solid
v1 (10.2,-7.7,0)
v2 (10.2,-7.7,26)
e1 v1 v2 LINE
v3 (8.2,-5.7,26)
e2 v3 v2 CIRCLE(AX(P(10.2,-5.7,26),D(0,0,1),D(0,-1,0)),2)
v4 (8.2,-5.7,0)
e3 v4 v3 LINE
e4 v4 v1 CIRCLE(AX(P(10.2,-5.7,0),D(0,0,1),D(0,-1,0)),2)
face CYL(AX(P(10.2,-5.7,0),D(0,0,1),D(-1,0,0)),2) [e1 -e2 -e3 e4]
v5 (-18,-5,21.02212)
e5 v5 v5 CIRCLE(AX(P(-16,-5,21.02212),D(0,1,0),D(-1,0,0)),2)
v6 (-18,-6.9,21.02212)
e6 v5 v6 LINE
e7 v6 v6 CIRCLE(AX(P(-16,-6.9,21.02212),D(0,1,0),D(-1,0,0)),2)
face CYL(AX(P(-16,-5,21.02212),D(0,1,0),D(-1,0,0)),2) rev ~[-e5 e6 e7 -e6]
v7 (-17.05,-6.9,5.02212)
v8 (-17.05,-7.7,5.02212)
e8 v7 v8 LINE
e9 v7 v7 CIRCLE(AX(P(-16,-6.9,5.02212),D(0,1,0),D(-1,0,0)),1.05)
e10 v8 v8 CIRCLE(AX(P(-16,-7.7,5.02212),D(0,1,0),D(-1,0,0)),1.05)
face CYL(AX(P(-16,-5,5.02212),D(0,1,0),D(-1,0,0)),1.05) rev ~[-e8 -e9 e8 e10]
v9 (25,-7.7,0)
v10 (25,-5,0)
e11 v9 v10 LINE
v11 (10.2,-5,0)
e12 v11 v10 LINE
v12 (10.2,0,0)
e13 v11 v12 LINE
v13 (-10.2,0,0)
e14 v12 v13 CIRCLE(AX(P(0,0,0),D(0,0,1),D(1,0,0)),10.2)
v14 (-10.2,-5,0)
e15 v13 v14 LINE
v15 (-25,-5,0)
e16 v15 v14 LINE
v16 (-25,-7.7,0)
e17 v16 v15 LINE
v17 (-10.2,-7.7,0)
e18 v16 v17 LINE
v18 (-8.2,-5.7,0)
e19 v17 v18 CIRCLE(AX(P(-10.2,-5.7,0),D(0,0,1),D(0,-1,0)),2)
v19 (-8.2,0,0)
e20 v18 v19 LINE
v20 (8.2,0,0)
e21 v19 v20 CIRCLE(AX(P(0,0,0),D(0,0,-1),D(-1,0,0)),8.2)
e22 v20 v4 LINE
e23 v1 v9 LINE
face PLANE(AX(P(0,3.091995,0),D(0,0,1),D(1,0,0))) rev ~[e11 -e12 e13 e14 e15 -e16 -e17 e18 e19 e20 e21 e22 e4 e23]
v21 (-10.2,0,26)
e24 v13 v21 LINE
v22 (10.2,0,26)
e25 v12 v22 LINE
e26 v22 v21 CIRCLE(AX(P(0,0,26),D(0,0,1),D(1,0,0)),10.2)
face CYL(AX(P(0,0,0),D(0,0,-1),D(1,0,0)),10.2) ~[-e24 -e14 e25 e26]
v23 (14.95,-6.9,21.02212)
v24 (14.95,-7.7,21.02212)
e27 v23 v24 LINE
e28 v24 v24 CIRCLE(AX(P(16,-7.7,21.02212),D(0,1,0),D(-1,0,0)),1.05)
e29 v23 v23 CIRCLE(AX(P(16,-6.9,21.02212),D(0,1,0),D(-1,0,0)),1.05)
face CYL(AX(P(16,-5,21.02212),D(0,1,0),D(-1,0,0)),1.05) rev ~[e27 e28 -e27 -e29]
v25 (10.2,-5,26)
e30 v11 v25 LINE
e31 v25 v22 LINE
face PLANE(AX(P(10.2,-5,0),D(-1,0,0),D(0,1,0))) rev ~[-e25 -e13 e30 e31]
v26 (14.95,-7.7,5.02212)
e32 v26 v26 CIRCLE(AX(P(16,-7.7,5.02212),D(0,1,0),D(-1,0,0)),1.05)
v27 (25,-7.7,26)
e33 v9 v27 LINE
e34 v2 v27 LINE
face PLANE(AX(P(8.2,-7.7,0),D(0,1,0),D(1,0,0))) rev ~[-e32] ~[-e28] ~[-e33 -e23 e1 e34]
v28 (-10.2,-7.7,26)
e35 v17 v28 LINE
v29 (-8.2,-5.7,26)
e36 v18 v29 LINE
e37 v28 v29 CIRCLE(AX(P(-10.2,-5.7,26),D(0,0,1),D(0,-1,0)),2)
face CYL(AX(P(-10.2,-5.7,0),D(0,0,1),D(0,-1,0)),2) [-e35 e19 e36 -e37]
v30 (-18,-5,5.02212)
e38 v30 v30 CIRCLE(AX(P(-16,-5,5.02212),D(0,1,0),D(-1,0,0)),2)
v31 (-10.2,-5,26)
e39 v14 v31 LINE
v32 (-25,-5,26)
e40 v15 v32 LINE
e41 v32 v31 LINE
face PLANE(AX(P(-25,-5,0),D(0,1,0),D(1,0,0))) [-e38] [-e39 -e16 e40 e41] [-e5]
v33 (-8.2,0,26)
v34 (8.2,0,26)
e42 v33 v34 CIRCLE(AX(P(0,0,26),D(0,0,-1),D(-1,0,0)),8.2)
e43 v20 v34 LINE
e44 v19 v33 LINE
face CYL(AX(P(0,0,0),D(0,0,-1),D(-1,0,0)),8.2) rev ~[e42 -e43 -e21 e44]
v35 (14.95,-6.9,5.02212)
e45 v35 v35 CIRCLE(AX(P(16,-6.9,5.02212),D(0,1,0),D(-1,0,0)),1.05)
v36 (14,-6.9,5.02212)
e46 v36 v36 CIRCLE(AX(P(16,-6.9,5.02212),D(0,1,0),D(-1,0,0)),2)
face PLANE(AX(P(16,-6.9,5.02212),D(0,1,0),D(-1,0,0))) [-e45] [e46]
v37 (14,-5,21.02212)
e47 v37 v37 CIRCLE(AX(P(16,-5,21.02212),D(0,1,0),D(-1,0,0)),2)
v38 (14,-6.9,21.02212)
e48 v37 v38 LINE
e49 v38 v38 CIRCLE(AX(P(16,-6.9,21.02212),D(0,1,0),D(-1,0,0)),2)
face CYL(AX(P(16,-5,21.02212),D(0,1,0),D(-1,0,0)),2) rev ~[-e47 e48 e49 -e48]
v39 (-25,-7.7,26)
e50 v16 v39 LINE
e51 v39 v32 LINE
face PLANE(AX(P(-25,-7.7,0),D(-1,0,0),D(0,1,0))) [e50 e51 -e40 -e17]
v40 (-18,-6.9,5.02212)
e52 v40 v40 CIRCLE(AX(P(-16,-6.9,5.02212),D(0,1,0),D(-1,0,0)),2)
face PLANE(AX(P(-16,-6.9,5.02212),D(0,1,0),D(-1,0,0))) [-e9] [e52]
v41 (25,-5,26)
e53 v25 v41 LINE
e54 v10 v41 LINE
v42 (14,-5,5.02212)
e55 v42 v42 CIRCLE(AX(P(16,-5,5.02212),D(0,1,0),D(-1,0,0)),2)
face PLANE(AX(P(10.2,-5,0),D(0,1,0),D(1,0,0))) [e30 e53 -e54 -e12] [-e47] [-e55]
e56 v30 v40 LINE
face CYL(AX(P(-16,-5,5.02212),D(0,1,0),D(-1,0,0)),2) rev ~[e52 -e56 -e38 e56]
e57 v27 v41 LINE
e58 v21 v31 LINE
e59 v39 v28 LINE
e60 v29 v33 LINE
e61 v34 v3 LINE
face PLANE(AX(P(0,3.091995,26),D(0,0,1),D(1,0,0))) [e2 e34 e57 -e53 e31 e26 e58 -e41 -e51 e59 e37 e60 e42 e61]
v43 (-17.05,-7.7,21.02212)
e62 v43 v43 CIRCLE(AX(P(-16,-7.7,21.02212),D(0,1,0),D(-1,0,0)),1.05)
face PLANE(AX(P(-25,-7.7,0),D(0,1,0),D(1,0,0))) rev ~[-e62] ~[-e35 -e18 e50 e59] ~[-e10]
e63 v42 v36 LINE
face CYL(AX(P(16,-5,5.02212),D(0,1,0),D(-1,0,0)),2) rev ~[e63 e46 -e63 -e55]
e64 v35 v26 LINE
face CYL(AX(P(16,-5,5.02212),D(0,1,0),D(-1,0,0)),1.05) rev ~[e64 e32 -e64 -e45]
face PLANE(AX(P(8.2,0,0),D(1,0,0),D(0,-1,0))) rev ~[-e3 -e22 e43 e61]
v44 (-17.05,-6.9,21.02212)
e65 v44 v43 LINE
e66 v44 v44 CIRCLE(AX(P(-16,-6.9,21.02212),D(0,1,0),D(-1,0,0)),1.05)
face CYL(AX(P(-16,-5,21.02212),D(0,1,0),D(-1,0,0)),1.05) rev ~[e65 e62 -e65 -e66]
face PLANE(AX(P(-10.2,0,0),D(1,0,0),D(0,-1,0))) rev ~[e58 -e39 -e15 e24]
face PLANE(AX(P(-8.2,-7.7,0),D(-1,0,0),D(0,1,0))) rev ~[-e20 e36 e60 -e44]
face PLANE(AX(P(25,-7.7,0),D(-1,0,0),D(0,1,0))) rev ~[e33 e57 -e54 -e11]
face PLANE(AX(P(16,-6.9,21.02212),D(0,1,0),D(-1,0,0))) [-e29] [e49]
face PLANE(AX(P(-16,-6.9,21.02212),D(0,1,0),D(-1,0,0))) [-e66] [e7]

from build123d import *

# Parameters (mm, degrees)
BOSS_EXTRUDE3_DEPTH = 26
SKETCH4_R           = 1.05
CUT_EXTRUDE1_DEPTH  = 40.141282554
SKETCH5_R           = 2
CUT_EXTRUDE2_DEPTH  = 1.9
FILLET2_R           = 2


with BuildPart() as part:
    # Sketch3 → Boss-Extrude3 (new body)
    with BuildSketch(Plane.XY):
        with BuildLine():
            Line((-25, -5), (-25, -7.7))
            Line((-25, -7.7), (-8.2, -7.7))
            Line((-8.2, -7.7), (-8.2, 0))
            ThreePointArc((-8.2, 0), (0, 8.2), (8.2, 0))
            Line((8.2, 0), (8.2, -7.7))
            Line((8.2, -7.7), (25, -7.7))
            Line((25, -7.7), (25, -5))
            Line((25, -5), (10.2, -5))
            Line((10.2, -5), (10.2, 0))
            ThreePointArc((10.2, 0), (0, 10.2), (-10.2, 0))
            Line((-10.2, 0), (-10.2, -5))
            Line((-10.2, -5), (-25, -5))
        make_face()
    extrude(amount=BOSS_EXTRUDE3_DEPTH)

    # Sketch4 → Cut-Extrude1 (cut, through all)
    with BuildSketch(Plane(origin=(0, -5, 0), x_dir=(1, 0, 0), z_dir=(0, 1, 0))):
        with Locations((-16, -5.022119535)):
            Circle(SKETCH4_R)
        with Locations((16, -5.022119535)):
            Circle(SKETCH4_R)
        with Locations((16, -21.022119535)):
            Circle(SKETCH4_R)
        with Locations((-16, -21.022119535)):
            Circle(SKETCH4_R)
    extrude(amount=-CUT_EXTRUDE1_DEPTH, mode=Mode.SUBTRACT)

    # Sketch5 → Cut-Extrude2 (cut)
    with BuildSketch(Plane(origin=(0, -5, 0), x_dir=(1, 0, 0), z_dir=(0, 1, 0))):
        with Locations((-16, -5.022119535)):
            Circle(SKETCH5_R)
        with Locations((16, -5.022119535)):
            Circle(SKETCH5_R)
        with Locations((16, -21.022119535)):
            Circle(SKETCH5_R)
        with Locations((-16, -21.022119535)):
            Circle(SKETCH5_R)
    extrude(amount=-CUT_EXTRUDE2_DEPTH, mode=Mode.SUBTRACT)

    # Fillet2
    fillet2_edges = [part.edges().sort_by_distance(p)[0] for p in [
        (-8.2, -7.7, 13),
        (8.2, -7.7, 13),
    ]]
    fillet(fillet2_edges, radius=FILLET2_R)


solid = part.part
